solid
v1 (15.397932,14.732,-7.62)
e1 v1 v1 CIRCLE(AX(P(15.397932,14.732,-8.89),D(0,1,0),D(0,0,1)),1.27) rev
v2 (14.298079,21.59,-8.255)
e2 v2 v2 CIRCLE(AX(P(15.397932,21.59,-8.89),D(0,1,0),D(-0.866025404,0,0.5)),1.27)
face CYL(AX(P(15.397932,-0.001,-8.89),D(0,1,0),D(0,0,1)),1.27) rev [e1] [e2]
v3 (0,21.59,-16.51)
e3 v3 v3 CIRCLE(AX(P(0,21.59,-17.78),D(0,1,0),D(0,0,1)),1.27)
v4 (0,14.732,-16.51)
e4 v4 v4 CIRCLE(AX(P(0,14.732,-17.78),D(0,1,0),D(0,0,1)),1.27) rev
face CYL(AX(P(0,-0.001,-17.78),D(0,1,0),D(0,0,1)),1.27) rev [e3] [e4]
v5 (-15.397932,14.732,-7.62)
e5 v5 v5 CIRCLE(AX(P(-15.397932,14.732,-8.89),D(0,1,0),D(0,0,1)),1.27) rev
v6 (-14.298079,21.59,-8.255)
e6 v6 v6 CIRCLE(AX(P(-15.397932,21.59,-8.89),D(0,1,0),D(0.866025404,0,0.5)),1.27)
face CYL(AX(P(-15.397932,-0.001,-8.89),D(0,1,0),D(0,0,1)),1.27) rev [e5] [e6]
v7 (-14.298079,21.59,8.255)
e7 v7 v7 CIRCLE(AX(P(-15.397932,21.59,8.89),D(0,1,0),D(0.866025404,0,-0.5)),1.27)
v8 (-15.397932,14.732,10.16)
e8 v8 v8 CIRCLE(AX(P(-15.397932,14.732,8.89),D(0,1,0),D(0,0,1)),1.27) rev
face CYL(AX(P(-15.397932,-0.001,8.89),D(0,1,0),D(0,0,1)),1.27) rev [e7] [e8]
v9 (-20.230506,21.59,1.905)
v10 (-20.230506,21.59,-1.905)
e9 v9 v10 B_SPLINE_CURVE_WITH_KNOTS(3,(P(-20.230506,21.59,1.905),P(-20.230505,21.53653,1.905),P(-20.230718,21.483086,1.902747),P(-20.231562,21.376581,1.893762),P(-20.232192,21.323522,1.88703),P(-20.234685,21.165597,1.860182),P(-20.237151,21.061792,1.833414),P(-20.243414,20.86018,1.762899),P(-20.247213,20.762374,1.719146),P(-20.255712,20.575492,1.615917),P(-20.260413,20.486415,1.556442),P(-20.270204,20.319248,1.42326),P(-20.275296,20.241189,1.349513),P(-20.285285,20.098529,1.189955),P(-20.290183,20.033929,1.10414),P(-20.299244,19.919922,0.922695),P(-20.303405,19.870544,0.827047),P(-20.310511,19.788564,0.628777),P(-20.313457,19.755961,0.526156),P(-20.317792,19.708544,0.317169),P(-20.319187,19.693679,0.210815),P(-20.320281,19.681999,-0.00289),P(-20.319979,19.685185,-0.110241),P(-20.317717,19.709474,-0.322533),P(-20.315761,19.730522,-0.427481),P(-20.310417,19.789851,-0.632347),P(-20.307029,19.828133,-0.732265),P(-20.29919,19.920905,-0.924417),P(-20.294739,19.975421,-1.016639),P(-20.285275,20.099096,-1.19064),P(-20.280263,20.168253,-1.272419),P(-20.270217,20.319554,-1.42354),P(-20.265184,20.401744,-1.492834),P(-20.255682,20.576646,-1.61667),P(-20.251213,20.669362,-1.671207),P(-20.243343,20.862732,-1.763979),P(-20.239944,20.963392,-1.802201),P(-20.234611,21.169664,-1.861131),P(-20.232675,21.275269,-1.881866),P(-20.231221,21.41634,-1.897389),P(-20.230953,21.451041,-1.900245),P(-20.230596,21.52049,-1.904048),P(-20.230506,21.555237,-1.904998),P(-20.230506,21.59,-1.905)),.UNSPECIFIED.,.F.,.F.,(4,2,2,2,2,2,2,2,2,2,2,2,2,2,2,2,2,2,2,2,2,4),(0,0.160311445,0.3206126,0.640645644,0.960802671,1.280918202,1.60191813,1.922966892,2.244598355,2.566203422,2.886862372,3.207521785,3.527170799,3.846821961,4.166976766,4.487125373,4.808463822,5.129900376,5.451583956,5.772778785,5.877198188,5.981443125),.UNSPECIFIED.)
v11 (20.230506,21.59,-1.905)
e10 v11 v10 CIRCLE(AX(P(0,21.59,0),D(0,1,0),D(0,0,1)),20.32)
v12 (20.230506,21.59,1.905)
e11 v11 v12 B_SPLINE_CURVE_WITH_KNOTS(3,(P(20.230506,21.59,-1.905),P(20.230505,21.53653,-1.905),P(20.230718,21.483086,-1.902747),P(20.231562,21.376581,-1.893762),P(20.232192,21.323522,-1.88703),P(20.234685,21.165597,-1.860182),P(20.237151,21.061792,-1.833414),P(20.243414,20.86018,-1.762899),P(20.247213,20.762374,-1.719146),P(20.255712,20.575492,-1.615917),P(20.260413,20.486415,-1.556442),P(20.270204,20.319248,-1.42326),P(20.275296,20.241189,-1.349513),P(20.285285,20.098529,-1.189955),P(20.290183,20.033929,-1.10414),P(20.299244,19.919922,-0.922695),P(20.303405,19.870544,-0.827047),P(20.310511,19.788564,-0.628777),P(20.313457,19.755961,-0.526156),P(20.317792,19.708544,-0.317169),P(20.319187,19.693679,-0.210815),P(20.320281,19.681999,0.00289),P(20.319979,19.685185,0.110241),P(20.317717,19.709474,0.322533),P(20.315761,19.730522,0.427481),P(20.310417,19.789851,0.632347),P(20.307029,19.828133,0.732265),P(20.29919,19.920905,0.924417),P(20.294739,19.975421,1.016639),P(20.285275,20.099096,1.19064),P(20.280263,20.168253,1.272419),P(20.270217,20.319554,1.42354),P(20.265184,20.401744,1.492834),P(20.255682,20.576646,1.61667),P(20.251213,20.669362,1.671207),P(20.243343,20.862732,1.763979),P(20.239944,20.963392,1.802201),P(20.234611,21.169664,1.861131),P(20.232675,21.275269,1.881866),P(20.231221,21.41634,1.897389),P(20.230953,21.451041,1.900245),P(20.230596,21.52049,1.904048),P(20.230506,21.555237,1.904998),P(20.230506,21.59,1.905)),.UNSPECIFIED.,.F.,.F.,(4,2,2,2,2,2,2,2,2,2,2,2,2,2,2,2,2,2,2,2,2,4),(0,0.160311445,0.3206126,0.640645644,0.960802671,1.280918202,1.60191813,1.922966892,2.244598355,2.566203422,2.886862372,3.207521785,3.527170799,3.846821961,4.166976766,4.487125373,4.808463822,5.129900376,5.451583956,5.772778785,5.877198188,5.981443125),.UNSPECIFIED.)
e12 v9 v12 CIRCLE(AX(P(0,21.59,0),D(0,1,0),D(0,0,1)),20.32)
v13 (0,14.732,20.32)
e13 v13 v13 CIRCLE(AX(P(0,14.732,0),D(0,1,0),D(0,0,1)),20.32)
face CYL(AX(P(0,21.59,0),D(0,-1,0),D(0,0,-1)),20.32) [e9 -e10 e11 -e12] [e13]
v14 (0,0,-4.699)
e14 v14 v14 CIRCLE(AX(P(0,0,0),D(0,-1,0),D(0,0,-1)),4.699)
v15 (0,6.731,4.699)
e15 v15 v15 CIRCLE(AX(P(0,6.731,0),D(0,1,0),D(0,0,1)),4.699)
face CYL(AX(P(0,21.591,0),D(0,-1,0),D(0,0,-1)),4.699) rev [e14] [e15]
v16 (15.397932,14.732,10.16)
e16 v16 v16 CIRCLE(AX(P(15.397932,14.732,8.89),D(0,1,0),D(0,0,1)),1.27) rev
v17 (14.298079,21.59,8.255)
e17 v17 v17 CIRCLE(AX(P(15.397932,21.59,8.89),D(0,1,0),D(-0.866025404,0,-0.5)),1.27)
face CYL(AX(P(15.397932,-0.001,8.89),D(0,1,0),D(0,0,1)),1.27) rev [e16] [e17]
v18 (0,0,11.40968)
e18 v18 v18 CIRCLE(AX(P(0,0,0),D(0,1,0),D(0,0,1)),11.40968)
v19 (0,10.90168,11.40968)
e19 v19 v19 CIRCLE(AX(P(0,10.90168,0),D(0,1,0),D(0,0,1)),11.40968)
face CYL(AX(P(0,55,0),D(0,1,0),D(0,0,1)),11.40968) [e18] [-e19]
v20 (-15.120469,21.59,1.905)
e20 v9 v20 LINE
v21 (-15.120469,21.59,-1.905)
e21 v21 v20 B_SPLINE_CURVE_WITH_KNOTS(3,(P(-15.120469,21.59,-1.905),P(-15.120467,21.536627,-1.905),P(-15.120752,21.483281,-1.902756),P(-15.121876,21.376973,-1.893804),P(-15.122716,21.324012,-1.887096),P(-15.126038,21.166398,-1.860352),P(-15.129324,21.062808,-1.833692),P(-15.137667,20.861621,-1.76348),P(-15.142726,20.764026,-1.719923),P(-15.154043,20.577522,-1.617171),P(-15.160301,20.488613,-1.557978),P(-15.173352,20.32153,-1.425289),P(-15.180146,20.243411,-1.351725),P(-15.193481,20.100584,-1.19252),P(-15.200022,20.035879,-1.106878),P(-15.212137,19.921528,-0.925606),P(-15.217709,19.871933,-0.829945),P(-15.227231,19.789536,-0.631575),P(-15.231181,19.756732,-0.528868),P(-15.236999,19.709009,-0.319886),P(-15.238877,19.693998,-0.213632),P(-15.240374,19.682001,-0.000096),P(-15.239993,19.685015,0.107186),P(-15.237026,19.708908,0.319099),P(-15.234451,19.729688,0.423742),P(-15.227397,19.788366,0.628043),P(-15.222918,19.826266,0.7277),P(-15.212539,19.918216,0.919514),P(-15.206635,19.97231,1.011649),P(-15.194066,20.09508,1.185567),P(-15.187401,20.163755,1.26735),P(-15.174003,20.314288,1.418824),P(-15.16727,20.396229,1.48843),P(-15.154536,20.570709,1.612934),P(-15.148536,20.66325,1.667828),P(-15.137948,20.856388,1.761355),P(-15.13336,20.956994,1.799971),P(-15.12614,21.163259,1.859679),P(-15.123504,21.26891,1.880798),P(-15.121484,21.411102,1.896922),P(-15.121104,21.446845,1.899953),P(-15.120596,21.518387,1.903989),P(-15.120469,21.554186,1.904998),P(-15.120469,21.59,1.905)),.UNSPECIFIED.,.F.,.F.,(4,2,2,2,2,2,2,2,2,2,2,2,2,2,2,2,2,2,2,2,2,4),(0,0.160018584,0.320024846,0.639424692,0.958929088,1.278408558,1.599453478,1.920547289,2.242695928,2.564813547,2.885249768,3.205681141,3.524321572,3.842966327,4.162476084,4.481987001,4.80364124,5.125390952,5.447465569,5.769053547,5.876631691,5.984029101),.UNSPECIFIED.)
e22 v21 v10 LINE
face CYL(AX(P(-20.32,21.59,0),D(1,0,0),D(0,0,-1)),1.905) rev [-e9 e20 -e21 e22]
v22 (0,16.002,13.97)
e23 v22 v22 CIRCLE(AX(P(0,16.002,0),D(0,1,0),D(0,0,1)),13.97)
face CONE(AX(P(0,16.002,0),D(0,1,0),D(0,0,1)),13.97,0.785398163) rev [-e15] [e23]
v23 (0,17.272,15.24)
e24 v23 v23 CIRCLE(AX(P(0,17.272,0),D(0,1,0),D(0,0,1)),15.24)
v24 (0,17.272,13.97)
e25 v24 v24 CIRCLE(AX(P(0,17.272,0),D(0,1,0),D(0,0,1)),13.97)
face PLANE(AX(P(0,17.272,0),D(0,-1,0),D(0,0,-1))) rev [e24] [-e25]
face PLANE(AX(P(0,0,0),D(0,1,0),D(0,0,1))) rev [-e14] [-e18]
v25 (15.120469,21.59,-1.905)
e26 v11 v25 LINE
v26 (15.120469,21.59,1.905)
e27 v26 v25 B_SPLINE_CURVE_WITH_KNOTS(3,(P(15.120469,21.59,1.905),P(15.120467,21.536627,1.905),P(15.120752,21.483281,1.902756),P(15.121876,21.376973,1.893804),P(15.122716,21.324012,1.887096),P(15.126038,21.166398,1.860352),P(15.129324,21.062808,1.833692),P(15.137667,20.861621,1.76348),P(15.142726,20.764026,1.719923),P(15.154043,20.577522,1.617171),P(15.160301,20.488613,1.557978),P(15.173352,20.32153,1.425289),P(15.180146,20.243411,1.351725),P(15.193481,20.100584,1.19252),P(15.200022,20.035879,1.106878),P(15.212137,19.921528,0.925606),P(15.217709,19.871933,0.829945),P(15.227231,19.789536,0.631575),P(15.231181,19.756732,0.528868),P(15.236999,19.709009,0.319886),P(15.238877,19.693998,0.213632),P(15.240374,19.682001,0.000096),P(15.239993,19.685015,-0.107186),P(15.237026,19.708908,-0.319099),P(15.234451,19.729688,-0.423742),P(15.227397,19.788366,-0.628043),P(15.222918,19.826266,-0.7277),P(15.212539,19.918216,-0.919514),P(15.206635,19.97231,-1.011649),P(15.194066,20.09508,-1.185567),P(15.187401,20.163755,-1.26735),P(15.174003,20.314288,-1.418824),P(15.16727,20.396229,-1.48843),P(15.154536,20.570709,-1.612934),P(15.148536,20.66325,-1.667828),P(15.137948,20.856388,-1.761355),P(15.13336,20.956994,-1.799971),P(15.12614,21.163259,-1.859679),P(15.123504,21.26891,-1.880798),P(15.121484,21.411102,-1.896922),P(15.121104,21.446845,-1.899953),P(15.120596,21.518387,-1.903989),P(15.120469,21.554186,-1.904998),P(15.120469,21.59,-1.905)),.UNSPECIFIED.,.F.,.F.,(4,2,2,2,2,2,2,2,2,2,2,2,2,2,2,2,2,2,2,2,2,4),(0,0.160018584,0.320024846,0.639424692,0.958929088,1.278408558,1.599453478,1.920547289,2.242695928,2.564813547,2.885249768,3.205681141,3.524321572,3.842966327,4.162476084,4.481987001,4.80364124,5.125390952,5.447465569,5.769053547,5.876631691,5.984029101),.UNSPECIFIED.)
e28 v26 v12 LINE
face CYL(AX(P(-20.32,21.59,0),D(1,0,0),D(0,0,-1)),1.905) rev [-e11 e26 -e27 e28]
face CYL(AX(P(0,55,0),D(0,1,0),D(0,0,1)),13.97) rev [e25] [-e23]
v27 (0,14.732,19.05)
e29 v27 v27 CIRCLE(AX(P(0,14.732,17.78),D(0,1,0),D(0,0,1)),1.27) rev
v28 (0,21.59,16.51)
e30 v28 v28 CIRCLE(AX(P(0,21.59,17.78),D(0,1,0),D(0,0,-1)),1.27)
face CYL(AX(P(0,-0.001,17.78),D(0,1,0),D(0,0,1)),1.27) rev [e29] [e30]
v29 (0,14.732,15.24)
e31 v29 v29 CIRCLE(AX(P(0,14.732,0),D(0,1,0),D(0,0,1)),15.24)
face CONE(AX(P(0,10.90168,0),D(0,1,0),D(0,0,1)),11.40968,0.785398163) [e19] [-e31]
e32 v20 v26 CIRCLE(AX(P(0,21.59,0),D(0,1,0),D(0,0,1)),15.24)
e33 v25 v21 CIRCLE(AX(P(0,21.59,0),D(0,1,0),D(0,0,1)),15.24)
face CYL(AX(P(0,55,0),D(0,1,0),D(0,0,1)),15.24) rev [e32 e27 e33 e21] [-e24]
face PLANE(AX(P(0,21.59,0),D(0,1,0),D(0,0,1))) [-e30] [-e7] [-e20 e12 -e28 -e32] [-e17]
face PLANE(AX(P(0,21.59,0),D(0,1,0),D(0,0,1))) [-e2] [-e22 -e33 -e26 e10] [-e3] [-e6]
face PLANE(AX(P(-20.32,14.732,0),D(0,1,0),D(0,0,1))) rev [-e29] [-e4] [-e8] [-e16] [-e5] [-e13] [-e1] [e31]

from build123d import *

# Parameters (mm, degrees)
SKETCH1_R           = 20.32
BOSS_EXTRUDE1_DEPTH = 21.59
SKETCH2_W           = 15.24
SKETCH2_H           = 4.318
SKETCH3_W           = 5.08
SKETCH3_H           = 14.732
CUT_EXTRUDE1_REACH  = 37.943
SKETCH4_R           = 1.27
CIRPATTERN1_COUNT   = 6
CUT_EXTRUDE2_REACH  = 37.943
SKETCH5_R           = 4.699
SKETCH9_R           = 1.905
CUT_EXTRUDE3_DEPTH  = 51.305467894


with BuildPart() as part:
    # Sketch1 → Boss-Extrude1 (new body)
    with BuildSketch(Plane(origin=(0, 0, 0), x_dir=(1, 0, 0), z_dir=(0, 1, 0))):
        with Locations(Location((0, 0, 0), (0, 0, 270))):
            Circle(SKETCH1_R)
    extrude(amount=BOSS_EXTRUDE1_DEPTH)

    # Sketch2 → Cut-Revolve1 (revolve, cut)
    with BuildSketch(Plane.XY, mode=Mode.PRIVATE) as cut_revolve1_sk:
        with Locations((-7.62, 19.431)):
            Rectangle(SKETCH2_W, SKETCH2_H)
    revolve(cut_revolve1_sk.sketch.rotate(Axis((0, 55, 0), (0, -1, 0)), 270), axis=Axis((0, 55, 0), (0, -1, 0)), mode=Mode.SUBTRACT)

    # Sketch3 → Cut-Revolve2 (revolve, cut)
    with BuildSketch(Plane.XY, mode=Mode.PRIVATE) as cut_revolve2_sk:
        with Locations((-17.78, 7.366)):
            Rectangle(SKETCH3_W, SKETCH3_H)
    revolve(cut_revolve2_sk.sketch.rotate(Axis((0, 55, 0), (0, -1, 0)), 270), axis=Axis((0, 55, 0), (0, -1, 0)), mode=Mode.SUBTRACT)

    # Sketch4 → Cut-Extrude1 (cut, up to next)
    with BuildSketch(Plane(origin=(0, 21.59, 0), x_dir=(1, 0, 0), z_dir=(0, 1, 0)), mode=Mode.PRIVATE) as cut_extrude1_sk1:
        with Locations(Location((0, 17.78, 0), (0, 0, 270))):
            Circle(SKETCH4_R)
    cut_extrude1_tool1 = extrude(cut_extrude1_sk1.sketch, amount=-CUT_EXTRUDE1_REACH, mode=Mode.PRIVATE) & part.part
    cut_extrude1 = cut_extrude1_tool1.solids().sort_by_distance((0, 21.59, -17.78))[0]
    add(cut_extrude1, mode=Mode.SUBTRACT)

    # CirPattern1: Cut-Extrude1 ×6 about axis
    cirpattern1_axis = Axis((0, 0, 0), (0, 1, 0))
    for i in range(1, CIRPATTERN1_COUNT):
        add(cut_extrude1.rotate(cirpattern1_axis, i * 360 / CIRPATTERN1_COUNT), mode=Mode.SUBTRACT)

    # Sketch5 → Cut-Extrude2 (cut, up to next)
    with BuildSketch(Plane.XZ, mode=Mode.PRIVATE) as cut_extrude2_sk1:
        with Locations(Location((0, 0, 0), (0, 0, 270))):
            Circle(SKETCH5_R)
    cut_extrude2_tool1 = extrude(cut_extrude2_sk1.sketch, amount=-CUT_EXTRUDE2_REACH, mode=Mode.PRIVATE) & part.part
    add(cut_extrude2_tool1.solids().sort_by_distance((0, 0, 0))[0], mode=Mode.SUBTRACT)

    # Sketch7 → Cut-Revolve3 (revolve, cut)
    with BuildSketch(Plane.XY, mode=Mode.PRIVATE) as cut_revolve3_sk:
        Polygon((-15.24, 14.732), (-11.40968, 10.90168), (-11.40968, 0), (-15.24, 0), align=None)
    revolve(cut_revolve3_sk.sketch.rotate(Axis((0, 55, 0), (0, -1, 0)), 270), axis=Axis((0, 55, 0), (0, -1, 0)), mode=Mode.SUBTRACT)

    # Sketch8 → Cut-Revolve4 (revolve, cut)
    with BuildSketch(Plane.XY, mode=Mode.PRIVATE) as cut_revolve4_sk:
        Polygon((-4.699, 17.272), (-13.97, 17.272), (-13.97, 16.002), (-4.699, 6.731), align=None)
    revolve(cut_revolve4_sk.sketch.rotate(Axis((0, 55, 0), (0, -1, 0)), 270), axis=Axis((0, 55, 0), (0, -1, 0)), mode=Mode.SUBTRACT)

    # Sketch9 → Cut-Extrude3 (cut, through all)
    with BuildSketch(Plane(origin=(20.32, 0, 0), x_dir=(0, 0, -1), z_dir=(1, 0, 0))):
        with Locations((0, 21.59)):
            Circle(SKETCH9_R)
    extrude(amount=-CUT_EXTRUDE3_DEPTH, mode=Mode.SUBTRACT)


solid = part.part
